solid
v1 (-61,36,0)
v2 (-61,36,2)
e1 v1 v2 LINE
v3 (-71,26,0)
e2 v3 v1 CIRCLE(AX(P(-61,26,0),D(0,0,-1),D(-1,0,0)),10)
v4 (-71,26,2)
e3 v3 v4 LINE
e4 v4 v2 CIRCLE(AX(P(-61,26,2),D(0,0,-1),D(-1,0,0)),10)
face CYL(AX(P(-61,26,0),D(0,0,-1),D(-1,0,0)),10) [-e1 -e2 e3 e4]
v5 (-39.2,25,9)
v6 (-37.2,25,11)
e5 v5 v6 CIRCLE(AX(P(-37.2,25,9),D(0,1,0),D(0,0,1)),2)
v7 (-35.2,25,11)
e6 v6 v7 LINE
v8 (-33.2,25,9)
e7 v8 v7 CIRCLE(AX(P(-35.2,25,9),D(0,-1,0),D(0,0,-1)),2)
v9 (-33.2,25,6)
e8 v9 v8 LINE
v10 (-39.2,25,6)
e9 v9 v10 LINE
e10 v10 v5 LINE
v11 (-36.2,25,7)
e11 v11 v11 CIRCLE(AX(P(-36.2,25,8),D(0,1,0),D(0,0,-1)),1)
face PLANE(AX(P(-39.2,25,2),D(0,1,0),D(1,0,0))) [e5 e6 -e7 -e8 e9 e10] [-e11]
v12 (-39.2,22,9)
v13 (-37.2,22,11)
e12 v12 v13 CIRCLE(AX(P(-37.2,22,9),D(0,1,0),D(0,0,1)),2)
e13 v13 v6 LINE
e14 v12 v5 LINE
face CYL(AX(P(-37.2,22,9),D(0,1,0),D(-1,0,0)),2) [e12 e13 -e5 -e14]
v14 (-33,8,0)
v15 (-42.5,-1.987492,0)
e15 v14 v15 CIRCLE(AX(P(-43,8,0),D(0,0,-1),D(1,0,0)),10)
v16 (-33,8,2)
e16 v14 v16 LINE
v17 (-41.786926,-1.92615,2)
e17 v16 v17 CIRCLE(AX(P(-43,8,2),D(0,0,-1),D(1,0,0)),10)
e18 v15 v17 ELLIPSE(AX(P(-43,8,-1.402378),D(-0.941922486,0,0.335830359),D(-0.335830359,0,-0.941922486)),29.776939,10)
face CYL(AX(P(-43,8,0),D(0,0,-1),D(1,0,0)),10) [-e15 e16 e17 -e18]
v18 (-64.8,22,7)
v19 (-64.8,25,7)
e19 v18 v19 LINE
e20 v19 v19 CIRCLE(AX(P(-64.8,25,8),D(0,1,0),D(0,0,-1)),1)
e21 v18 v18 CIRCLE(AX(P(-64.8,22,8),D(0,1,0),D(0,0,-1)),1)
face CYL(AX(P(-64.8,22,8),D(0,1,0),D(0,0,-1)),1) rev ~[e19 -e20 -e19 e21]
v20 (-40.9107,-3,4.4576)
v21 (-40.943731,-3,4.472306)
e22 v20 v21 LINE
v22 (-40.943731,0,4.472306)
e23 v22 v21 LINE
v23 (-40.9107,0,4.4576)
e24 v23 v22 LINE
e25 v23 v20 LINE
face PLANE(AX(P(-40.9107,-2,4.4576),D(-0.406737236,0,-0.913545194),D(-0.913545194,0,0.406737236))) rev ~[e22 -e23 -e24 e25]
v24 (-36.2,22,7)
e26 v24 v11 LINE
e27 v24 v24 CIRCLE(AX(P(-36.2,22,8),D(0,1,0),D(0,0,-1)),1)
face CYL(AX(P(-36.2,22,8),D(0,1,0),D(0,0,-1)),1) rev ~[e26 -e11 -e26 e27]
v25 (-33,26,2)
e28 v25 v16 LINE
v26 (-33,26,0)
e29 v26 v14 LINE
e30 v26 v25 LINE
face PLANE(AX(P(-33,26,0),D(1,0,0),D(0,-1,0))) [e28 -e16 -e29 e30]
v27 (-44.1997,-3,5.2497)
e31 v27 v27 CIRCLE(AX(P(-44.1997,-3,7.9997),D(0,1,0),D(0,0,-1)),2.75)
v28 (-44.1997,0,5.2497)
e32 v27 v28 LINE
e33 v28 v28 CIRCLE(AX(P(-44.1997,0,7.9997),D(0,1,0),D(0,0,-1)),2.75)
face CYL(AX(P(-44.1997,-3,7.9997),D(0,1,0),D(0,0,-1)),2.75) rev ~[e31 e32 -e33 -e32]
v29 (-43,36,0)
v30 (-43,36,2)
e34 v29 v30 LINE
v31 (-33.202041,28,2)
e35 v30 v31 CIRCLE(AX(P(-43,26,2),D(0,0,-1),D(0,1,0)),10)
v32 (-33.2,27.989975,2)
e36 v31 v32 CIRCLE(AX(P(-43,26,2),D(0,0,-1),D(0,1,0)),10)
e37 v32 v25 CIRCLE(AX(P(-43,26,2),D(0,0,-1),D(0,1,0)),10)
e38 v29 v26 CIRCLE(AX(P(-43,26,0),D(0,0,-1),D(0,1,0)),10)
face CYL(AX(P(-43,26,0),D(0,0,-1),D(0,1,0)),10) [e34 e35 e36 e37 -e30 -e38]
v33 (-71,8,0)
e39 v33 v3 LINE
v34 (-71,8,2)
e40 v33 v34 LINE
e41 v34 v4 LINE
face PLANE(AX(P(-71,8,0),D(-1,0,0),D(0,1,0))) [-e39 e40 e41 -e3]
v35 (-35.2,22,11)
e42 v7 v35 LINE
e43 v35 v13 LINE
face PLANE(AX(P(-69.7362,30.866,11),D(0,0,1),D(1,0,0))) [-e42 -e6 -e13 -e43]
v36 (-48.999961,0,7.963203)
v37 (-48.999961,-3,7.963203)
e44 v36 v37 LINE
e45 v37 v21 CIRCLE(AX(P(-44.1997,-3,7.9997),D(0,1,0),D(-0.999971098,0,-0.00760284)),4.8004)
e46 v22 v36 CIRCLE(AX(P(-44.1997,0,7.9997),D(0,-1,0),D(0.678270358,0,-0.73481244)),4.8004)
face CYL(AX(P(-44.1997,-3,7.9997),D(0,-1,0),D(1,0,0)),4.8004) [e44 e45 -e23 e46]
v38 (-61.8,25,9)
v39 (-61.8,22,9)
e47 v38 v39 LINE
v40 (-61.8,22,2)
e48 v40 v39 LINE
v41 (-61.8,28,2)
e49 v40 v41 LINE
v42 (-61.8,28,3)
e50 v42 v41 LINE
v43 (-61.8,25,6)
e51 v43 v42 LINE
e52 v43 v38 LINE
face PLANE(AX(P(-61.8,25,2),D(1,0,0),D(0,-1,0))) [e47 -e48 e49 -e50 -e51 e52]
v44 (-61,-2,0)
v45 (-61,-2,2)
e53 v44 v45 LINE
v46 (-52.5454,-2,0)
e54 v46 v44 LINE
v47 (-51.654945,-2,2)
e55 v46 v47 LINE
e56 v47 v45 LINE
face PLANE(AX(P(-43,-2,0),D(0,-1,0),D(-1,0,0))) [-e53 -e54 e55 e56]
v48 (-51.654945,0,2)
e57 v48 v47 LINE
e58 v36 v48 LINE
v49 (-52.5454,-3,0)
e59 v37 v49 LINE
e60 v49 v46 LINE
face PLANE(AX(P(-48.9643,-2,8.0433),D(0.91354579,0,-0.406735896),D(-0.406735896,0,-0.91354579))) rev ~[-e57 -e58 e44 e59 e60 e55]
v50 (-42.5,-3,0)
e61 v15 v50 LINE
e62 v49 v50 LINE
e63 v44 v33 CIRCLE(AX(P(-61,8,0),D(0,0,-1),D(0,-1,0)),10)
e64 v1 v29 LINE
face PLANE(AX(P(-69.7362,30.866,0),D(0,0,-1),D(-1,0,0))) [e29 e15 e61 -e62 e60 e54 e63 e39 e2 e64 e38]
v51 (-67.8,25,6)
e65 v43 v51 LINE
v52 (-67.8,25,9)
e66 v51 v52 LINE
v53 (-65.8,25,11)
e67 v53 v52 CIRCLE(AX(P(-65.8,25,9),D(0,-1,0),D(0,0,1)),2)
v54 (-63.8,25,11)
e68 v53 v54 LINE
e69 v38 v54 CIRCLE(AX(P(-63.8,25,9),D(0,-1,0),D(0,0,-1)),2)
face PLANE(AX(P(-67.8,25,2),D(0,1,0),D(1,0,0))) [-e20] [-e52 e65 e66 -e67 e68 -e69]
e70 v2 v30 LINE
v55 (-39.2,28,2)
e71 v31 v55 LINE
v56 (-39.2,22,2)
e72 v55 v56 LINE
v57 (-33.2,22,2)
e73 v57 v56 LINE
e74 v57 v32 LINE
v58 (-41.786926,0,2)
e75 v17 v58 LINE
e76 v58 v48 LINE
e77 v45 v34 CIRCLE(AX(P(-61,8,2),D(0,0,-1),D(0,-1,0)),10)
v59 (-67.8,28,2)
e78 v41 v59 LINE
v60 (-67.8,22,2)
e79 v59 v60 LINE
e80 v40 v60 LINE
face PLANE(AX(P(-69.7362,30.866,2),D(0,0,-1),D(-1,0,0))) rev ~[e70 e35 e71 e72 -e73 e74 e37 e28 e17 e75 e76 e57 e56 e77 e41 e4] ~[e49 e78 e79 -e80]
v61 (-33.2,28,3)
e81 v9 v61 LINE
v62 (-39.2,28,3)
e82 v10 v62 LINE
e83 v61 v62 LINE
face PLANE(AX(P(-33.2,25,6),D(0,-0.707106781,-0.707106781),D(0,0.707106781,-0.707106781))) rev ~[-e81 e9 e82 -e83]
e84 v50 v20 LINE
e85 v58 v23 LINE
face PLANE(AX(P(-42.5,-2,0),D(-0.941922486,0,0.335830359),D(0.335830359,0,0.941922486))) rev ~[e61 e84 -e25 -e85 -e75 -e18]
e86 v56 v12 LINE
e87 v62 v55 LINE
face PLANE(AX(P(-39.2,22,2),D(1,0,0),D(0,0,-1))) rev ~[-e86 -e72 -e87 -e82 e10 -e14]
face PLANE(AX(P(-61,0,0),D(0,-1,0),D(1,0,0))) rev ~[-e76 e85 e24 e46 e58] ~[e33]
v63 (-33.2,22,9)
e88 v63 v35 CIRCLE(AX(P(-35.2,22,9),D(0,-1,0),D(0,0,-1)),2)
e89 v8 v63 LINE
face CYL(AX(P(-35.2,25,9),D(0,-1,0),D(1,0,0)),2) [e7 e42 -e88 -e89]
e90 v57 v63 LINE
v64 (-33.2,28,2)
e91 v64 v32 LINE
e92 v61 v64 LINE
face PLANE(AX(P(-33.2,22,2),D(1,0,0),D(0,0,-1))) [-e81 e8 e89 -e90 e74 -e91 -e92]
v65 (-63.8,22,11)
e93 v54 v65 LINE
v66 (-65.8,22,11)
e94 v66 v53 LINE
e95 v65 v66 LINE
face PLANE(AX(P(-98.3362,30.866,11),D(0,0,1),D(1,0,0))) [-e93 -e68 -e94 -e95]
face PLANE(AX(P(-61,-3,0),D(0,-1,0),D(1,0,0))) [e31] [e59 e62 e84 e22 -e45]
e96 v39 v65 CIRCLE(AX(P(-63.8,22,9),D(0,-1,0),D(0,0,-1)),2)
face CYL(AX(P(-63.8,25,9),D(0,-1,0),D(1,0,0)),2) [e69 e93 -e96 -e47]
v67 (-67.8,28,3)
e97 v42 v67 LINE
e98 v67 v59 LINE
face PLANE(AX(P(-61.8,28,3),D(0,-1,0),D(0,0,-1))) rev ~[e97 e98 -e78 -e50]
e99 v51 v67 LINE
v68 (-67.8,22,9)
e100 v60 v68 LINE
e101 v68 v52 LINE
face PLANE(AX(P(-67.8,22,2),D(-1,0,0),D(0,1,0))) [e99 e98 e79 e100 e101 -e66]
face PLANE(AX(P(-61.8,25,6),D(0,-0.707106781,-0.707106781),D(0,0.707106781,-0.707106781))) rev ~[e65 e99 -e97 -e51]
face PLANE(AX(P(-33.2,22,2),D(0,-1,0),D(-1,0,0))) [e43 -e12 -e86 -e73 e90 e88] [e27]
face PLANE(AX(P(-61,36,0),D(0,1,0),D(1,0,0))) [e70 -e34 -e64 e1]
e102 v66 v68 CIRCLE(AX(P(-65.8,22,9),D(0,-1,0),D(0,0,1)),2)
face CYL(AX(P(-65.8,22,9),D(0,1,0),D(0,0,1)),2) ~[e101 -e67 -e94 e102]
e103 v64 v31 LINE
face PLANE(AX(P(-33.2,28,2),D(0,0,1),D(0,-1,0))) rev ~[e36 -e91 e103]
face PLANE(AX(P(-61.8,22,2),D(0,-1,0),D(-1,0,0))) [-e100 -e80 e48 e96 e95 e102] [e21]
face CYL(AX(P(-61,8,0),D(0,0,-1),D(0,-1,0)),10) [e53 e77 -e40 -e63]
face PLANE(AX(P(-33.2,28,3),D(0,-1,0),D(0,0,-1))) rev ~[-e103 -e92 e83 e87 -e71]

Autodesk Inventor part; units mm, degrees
ref_plane "YZ Plane" through (0, 0, 0) normal (1, 0, 0) x (0, 1, 0)
ref_plane "XZ Plane" through (0, 0, 0) normal (0, 1, 0) x (-1, 0, 0)
ref_plane "XY Plane" through (0, 0, 0) normal (0, 0, 1) x (1, 0, 0)
sketch "Boceto3" plane through (-69.7362, 30.866, 0) normal (0, 0, -1) x (-1, 0, 0)
  line L0 (-8.7362, 5.134) -> (-26.7362, 5.134)
  line L1 (-36.7362, -4.866) -> (-36.7362, -22.866)
  line L2 (-26.7362, -32.866) -> (-8.7362, -32.866)
  line L3 (1.2638, -22.866) -> (1.2638, -4.866)
  line L4 (1.2638, -23.3279) -> (1.2638, -4.4042) construction
  line L5 (-8.2744, 5.134) -> (-27.1981, 5.134) construction
  line L6 (-36.7362, -4.4042) -> (-36.7362, -23.3295) projected
  circle A0 centre (-8.7362, -22.866) radius 10.0001 construction
  arc A1 (-8.7362, -32.866) -> (1.2638, -22.866) centre (-8.7362, -22.866) ccw
  arc A2 (1.2638, -4.866) -> (-8.7362, 5.134) centre (-8.7362, -4.866) ccw
  arc A3 (-26.7362, 5.134) -> (-36.7362, -4.866) centre (-26.7362, -4.866) ccw
  arc A4 (-36.7362, -22.866) -> (-26.7362, -32.866) centre (-26.7362, -22.866) ccw
  point P0 (-69.7362, -30.866)
  point P1 (1.2638, 5.134)
  point P2 (-36.7362, 5.134)
  dimension "d3" = 10
  dimension "d4" = 10
extrude "Extrusión2" add sketch "Boceto3" against normal blind 2
sketch "Boceto5" plane through (-61, -2, 0) normal (0, -1, 0) x (1, 0, 0)
  line L0 (18, 0) -> (28, 0) construction
  line L1 (18.5, 0) -> (20.0893, 4.4576)
  line L2 (20.0893, 4.4576) -> (12.0357, 8.0433)
  line L3 (12.0357, 8.0433) -> (8.4546, 0)
  line L4 (18, 0) -> (0, 0) construction
  line L5 (8.4546, 0) -> (18.5, 0)
  point P0 (61, 0)
  dimension "d7" = 9.5
  dimension "d8" = 66
  dimension "d9" = 8.8157
  dimension "d16" = 70.378
  dimension "d17" = 10.0454
extrude "Extrusión3" add sketch "Boceto5" along normal blind 1 and the other way blind 2
sketch "Boceto6" plane through (-61, -3, 0) normal (0, -1, 0) x (1, 0, 0)
  circle A0 centre (16.8, 8) radius 2.8 construction
  circle A1 centre (16.8003, 7.9997) radius 4.8004 projected
  point P0 (61, 0)
extrude "Extrusión4" add sketch "Boceto6" against normal blind 3
sketch "Boceto7" plane through (-61, -3, 0) normal (0, -1, 0) x (1, 0, 0)
  arc A0 (20.0563, 4.4723) -> (12, 7.9631) centre (16.8003, 7.9997) ccw projected
  point P0 (61, 0)
hole "Agujero1" at (-44.1997, -3, 7.9997) direction (0, 1, 0) diameter 5.5 end through all
sketch "Boceto8" plane through (-69.7362, 30.866, 2) normal (0, 0, 1) x (1, 0, 0)
  line L0 (36.5362, -8.866) -> (30.5362, -8.866)
  line L1 (30.5362, -8.866) -> (30.5362, -5.866)
  line L2 (30.5362, -5.866) -> (36.5362, -5.866)
  line L3 (36.5362, -5.866) -> (36.5362, -8.866)
  line L4 (36.7362, -22.866) -> (36.7362, -4.866) construction
  point P0 (69.7362, -30.866)
  dimension "d27" = 0.2
  dimension "d28" = 3
  dimension "d29" = 6
  dimension "d30" = 1
extrude "Extrusión5" add sketch "Boceto8" along normal blind 9
fillet "Empalme1" radius 2 2 edges at (-33.2, 23.5, 11) (-39.2, 23.5, 11)
sketch "Boceto9" plane through (-39.2, 22, 2) normal (0, -1, 0) x (1, 0, 0)
  line L0 (2, 9) -> (4, 9) construction
  line L1 (3, 9) -> (3, 0) construction
  line L2 (6, 0) -> (0, 0) construction
  point P0 (39.2, -2)
  point P1 (3, 6)
  dimension "d34" = 3
hole "Agujero2" at (-36.2, 22, 8) direction (0, 1, 0) diameter 2 end through all
sketch "Boceto10" plane through (-33.2, 22, 2) normal (1, 0, 0) x (0, 0, -1)
  line L0 (0, 3) -> (-7, 3) construction
  line L1 (-4, 3) -> (-1, 6)
  line L2 (-1, 6) -> (0, 6)
  line L3 (0, 6) -> (0, 3)
  line L4 (-4, 3) -> (0, 3)
  point P0 (2, -22)
  dimension "d42" = 45
  dimension "d43" = 1
  dimension "d44" = 3
extrude "Extrusión6" add sketch "Boceto10" against normal blind 6
pattern_linear "Patrón rectangular1" count 2 spacing 28.6 along (-1, 0, 0) of "Extrusión6", "Extrusión5", "Agujero2", "Empalme1"
properties part number "base"
